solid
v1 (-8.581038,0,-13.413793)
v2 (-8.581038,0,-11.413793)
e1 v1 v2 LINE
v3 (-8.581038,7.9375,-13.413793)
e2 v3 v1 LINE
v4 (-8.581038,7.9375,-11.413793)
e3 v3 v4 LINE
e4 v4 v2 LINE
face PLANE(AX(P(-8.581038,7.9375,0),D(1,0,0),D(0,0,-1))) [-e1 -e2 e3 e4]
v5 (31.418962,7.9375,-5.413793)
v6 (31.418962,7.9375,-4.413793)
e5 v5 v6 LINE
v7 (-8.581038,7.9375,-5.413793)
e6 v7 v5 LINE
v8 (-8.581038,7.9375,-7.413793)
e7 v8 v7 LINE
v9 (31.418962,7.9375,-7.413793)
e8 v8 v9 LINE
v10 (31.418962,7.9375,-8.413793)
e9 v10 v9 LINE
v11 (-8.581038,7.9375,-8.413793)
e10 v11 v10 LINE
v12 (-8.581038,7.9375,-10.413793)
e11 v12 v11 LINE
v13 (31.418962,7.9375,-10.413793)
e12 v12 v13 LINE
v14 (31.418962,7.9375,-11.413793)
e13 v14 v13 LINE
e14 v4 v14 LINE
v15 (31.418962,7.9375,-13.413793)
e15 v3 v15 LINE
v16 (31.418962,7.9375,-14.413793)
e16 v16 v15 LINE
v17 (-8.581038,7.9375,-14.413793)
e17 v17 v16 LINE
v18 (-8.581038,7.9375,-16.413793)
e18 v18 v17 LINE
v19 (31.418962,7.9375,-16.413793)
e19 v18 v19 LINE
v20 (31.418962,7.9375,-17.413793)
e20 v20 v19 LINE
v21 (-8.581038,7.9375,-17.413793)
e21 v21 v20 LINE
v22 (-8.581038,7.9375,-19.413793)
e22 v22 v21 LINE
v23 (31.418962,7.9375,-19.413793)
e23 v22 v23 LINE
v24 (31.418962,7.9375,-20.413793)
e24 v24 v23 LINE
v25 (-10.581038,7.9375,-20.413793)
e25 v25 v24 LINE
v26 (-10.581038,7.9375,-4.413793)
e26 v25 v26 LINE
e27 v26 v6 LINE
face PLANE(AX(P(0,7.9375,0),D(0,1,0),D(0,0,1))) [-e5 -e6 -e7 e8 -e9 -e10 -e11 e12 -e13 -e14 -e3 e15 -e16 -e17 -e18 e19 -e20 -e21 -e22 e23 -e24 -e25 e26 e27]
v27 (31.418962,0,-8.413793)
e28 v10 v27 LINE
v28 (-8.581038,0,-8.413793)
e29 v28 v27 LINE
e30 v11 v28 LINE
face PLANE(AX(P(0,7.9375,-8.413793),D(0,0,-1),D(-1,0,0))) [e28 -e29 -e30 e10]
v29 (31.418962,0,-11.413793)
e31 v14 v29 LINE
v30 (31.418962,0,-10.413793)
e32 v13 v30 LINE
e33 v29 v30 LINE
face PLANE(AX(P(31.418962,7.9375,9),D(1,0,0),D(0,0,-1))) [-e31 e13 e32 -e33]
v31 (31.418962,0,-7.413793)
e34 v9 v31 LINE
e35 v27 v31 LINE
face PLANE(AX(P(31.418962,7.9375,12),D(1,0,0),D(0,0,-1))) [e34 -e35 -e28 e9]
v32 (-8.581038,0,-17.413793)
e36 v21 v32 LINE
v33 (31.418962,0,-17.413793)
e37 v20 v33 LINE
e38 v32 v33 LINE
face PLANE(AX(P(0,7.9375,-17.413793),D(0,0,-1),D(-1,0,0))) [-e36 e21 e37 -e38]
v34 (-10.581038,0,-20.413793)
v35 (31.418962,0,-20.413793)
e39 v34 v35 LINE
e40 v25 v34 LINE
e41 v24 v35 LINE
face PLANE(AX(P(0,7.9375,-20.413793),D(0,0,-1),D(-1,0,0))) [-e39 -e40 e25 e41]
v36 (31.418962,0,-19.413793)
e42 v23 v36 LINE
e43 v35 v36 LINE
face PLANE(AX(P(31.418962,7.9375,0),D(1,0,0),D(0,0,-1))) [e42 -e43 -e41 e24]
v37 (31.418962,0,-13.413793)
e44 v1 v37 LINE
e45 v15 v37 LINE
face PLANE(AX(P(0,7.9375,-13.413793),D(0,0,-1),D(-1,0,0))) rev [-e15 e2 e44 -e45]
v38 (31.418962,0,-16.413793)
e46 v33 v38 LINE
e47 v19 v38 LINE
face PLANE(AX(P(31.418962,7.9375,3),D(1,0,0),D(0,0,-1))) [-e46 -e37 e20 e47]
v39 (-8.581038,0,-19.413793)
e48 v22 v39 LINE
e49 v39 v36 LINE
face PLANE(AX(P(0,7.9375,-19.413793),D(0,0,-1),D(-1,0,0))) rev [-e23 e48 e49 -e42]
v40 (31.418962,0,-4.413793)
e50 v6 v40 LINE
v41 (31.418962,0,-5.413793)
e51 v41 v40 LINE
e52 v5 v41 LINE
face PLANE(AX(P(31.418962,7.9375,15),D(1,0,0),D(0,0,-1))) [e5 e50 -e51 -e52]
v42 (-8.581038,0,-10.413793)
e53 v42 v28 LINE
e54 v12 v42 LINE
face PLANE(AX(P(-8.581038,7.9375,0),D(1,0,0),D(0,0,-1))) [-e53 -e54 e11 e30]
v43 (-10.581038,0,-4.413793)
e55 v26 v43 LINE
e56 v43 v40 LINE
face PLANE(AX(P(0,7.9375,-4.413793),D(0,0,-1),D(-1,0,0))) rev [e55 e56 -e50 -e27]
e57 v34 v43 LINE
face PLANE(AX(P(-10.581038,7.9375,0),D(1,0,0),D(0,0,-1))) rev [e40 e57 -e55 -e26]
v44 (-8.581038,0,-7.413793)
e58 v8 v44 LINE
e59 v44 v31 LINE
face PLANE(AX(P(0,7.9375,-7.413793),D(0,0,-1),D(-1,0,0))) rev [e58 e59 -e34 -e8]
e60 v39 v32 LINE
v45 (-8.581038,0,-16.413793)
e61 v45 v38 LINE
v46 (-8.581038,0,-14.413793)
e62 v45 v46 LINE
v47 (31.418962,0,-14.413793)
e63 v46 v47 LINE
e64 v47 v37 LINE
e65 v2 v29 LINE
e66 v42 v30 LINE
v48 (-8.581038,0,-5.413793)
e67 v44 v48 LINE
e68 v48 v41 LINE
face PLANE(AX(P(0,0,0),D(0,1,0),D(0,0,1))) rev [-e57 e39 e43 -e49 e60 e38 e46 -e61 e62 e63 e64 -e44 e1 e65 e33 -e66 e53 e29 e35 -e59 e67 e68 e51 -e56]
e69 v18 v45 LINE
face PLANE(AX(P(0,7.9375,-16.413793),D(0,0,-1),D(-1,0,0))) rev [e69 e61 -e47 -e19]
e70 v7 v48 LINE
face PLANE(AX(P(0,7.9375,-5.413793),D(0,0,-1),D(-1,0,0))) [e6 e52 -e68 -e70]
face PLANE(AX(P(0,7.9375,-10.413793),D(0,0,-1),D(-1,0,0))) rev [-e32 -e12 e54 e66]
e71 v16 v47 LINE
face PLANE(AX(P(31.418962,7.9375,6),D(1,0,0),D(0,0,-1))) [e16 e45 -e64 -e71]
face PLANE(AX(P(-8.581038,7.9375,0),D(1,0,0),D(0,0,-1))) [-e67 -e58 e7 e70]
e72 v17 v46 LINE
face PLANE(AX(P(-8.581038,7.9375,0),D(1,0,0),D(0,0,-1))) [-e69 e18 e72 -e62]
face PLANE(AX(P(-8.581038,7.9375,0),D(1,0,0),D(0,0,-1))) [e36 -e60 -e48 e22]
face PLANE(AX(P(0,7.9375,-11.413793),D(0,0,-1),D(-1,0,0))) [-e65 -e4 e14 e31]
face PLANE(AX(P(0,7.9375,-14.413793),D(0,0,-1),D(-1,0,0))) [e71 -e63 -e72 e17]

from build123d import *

# Parameters (mm, degrees)
SKETCH1_W           = 2
SKETCH1_H           = 16
BOSS_EXTRUDE1_DEPTH = 7.9375
SKETCH1_4_W         = 40
SKETCH1_4_H         = 1
BOSS_EXTRUDE2_DEPTH = 7.9375
LPATTERN1_COUNT     = 6
LPATTERN1_PITCH     = 3


with BuildPart() as part:
    # Sketch1 → Boss-Extrude1 (new body)
    with BuildSketch(Plane(origin=(0, 0, 0), x_dir=(1, 0, 0), z_dir=(0, 1, 0))):
        with Locations((-9.581037754, 12.413793103)):
            Rectangle(SKETCH1_W, SKETCH1_H)
    extrude(amount=BOSS_EXTRUDE1_DEPTH)

    # Sketch1<4> → Boss-Extrude2 (add)
    with BuildSketch(Plane(origin=(0, 0, 0), x_dir=(1, 0, 0), z_dir=(0, 1, 0))):
        with Locations((11.418962246, 19.913793103)):
            Rectangle(SKETCH1_4_W, SKETCH1_4_H)
    boss_extrude2 = extrude(amount=BOSS_EXTRUDE2_DEPTH)

    # LPattern1: Boss-Extrude2 ×6
    with Locations(*[(0, 0, i * LPATTERN1_PITCH) for i in range(1, LPATTERN1_COUNT)]):
        add(boss_extrude2)


solid = part.part
